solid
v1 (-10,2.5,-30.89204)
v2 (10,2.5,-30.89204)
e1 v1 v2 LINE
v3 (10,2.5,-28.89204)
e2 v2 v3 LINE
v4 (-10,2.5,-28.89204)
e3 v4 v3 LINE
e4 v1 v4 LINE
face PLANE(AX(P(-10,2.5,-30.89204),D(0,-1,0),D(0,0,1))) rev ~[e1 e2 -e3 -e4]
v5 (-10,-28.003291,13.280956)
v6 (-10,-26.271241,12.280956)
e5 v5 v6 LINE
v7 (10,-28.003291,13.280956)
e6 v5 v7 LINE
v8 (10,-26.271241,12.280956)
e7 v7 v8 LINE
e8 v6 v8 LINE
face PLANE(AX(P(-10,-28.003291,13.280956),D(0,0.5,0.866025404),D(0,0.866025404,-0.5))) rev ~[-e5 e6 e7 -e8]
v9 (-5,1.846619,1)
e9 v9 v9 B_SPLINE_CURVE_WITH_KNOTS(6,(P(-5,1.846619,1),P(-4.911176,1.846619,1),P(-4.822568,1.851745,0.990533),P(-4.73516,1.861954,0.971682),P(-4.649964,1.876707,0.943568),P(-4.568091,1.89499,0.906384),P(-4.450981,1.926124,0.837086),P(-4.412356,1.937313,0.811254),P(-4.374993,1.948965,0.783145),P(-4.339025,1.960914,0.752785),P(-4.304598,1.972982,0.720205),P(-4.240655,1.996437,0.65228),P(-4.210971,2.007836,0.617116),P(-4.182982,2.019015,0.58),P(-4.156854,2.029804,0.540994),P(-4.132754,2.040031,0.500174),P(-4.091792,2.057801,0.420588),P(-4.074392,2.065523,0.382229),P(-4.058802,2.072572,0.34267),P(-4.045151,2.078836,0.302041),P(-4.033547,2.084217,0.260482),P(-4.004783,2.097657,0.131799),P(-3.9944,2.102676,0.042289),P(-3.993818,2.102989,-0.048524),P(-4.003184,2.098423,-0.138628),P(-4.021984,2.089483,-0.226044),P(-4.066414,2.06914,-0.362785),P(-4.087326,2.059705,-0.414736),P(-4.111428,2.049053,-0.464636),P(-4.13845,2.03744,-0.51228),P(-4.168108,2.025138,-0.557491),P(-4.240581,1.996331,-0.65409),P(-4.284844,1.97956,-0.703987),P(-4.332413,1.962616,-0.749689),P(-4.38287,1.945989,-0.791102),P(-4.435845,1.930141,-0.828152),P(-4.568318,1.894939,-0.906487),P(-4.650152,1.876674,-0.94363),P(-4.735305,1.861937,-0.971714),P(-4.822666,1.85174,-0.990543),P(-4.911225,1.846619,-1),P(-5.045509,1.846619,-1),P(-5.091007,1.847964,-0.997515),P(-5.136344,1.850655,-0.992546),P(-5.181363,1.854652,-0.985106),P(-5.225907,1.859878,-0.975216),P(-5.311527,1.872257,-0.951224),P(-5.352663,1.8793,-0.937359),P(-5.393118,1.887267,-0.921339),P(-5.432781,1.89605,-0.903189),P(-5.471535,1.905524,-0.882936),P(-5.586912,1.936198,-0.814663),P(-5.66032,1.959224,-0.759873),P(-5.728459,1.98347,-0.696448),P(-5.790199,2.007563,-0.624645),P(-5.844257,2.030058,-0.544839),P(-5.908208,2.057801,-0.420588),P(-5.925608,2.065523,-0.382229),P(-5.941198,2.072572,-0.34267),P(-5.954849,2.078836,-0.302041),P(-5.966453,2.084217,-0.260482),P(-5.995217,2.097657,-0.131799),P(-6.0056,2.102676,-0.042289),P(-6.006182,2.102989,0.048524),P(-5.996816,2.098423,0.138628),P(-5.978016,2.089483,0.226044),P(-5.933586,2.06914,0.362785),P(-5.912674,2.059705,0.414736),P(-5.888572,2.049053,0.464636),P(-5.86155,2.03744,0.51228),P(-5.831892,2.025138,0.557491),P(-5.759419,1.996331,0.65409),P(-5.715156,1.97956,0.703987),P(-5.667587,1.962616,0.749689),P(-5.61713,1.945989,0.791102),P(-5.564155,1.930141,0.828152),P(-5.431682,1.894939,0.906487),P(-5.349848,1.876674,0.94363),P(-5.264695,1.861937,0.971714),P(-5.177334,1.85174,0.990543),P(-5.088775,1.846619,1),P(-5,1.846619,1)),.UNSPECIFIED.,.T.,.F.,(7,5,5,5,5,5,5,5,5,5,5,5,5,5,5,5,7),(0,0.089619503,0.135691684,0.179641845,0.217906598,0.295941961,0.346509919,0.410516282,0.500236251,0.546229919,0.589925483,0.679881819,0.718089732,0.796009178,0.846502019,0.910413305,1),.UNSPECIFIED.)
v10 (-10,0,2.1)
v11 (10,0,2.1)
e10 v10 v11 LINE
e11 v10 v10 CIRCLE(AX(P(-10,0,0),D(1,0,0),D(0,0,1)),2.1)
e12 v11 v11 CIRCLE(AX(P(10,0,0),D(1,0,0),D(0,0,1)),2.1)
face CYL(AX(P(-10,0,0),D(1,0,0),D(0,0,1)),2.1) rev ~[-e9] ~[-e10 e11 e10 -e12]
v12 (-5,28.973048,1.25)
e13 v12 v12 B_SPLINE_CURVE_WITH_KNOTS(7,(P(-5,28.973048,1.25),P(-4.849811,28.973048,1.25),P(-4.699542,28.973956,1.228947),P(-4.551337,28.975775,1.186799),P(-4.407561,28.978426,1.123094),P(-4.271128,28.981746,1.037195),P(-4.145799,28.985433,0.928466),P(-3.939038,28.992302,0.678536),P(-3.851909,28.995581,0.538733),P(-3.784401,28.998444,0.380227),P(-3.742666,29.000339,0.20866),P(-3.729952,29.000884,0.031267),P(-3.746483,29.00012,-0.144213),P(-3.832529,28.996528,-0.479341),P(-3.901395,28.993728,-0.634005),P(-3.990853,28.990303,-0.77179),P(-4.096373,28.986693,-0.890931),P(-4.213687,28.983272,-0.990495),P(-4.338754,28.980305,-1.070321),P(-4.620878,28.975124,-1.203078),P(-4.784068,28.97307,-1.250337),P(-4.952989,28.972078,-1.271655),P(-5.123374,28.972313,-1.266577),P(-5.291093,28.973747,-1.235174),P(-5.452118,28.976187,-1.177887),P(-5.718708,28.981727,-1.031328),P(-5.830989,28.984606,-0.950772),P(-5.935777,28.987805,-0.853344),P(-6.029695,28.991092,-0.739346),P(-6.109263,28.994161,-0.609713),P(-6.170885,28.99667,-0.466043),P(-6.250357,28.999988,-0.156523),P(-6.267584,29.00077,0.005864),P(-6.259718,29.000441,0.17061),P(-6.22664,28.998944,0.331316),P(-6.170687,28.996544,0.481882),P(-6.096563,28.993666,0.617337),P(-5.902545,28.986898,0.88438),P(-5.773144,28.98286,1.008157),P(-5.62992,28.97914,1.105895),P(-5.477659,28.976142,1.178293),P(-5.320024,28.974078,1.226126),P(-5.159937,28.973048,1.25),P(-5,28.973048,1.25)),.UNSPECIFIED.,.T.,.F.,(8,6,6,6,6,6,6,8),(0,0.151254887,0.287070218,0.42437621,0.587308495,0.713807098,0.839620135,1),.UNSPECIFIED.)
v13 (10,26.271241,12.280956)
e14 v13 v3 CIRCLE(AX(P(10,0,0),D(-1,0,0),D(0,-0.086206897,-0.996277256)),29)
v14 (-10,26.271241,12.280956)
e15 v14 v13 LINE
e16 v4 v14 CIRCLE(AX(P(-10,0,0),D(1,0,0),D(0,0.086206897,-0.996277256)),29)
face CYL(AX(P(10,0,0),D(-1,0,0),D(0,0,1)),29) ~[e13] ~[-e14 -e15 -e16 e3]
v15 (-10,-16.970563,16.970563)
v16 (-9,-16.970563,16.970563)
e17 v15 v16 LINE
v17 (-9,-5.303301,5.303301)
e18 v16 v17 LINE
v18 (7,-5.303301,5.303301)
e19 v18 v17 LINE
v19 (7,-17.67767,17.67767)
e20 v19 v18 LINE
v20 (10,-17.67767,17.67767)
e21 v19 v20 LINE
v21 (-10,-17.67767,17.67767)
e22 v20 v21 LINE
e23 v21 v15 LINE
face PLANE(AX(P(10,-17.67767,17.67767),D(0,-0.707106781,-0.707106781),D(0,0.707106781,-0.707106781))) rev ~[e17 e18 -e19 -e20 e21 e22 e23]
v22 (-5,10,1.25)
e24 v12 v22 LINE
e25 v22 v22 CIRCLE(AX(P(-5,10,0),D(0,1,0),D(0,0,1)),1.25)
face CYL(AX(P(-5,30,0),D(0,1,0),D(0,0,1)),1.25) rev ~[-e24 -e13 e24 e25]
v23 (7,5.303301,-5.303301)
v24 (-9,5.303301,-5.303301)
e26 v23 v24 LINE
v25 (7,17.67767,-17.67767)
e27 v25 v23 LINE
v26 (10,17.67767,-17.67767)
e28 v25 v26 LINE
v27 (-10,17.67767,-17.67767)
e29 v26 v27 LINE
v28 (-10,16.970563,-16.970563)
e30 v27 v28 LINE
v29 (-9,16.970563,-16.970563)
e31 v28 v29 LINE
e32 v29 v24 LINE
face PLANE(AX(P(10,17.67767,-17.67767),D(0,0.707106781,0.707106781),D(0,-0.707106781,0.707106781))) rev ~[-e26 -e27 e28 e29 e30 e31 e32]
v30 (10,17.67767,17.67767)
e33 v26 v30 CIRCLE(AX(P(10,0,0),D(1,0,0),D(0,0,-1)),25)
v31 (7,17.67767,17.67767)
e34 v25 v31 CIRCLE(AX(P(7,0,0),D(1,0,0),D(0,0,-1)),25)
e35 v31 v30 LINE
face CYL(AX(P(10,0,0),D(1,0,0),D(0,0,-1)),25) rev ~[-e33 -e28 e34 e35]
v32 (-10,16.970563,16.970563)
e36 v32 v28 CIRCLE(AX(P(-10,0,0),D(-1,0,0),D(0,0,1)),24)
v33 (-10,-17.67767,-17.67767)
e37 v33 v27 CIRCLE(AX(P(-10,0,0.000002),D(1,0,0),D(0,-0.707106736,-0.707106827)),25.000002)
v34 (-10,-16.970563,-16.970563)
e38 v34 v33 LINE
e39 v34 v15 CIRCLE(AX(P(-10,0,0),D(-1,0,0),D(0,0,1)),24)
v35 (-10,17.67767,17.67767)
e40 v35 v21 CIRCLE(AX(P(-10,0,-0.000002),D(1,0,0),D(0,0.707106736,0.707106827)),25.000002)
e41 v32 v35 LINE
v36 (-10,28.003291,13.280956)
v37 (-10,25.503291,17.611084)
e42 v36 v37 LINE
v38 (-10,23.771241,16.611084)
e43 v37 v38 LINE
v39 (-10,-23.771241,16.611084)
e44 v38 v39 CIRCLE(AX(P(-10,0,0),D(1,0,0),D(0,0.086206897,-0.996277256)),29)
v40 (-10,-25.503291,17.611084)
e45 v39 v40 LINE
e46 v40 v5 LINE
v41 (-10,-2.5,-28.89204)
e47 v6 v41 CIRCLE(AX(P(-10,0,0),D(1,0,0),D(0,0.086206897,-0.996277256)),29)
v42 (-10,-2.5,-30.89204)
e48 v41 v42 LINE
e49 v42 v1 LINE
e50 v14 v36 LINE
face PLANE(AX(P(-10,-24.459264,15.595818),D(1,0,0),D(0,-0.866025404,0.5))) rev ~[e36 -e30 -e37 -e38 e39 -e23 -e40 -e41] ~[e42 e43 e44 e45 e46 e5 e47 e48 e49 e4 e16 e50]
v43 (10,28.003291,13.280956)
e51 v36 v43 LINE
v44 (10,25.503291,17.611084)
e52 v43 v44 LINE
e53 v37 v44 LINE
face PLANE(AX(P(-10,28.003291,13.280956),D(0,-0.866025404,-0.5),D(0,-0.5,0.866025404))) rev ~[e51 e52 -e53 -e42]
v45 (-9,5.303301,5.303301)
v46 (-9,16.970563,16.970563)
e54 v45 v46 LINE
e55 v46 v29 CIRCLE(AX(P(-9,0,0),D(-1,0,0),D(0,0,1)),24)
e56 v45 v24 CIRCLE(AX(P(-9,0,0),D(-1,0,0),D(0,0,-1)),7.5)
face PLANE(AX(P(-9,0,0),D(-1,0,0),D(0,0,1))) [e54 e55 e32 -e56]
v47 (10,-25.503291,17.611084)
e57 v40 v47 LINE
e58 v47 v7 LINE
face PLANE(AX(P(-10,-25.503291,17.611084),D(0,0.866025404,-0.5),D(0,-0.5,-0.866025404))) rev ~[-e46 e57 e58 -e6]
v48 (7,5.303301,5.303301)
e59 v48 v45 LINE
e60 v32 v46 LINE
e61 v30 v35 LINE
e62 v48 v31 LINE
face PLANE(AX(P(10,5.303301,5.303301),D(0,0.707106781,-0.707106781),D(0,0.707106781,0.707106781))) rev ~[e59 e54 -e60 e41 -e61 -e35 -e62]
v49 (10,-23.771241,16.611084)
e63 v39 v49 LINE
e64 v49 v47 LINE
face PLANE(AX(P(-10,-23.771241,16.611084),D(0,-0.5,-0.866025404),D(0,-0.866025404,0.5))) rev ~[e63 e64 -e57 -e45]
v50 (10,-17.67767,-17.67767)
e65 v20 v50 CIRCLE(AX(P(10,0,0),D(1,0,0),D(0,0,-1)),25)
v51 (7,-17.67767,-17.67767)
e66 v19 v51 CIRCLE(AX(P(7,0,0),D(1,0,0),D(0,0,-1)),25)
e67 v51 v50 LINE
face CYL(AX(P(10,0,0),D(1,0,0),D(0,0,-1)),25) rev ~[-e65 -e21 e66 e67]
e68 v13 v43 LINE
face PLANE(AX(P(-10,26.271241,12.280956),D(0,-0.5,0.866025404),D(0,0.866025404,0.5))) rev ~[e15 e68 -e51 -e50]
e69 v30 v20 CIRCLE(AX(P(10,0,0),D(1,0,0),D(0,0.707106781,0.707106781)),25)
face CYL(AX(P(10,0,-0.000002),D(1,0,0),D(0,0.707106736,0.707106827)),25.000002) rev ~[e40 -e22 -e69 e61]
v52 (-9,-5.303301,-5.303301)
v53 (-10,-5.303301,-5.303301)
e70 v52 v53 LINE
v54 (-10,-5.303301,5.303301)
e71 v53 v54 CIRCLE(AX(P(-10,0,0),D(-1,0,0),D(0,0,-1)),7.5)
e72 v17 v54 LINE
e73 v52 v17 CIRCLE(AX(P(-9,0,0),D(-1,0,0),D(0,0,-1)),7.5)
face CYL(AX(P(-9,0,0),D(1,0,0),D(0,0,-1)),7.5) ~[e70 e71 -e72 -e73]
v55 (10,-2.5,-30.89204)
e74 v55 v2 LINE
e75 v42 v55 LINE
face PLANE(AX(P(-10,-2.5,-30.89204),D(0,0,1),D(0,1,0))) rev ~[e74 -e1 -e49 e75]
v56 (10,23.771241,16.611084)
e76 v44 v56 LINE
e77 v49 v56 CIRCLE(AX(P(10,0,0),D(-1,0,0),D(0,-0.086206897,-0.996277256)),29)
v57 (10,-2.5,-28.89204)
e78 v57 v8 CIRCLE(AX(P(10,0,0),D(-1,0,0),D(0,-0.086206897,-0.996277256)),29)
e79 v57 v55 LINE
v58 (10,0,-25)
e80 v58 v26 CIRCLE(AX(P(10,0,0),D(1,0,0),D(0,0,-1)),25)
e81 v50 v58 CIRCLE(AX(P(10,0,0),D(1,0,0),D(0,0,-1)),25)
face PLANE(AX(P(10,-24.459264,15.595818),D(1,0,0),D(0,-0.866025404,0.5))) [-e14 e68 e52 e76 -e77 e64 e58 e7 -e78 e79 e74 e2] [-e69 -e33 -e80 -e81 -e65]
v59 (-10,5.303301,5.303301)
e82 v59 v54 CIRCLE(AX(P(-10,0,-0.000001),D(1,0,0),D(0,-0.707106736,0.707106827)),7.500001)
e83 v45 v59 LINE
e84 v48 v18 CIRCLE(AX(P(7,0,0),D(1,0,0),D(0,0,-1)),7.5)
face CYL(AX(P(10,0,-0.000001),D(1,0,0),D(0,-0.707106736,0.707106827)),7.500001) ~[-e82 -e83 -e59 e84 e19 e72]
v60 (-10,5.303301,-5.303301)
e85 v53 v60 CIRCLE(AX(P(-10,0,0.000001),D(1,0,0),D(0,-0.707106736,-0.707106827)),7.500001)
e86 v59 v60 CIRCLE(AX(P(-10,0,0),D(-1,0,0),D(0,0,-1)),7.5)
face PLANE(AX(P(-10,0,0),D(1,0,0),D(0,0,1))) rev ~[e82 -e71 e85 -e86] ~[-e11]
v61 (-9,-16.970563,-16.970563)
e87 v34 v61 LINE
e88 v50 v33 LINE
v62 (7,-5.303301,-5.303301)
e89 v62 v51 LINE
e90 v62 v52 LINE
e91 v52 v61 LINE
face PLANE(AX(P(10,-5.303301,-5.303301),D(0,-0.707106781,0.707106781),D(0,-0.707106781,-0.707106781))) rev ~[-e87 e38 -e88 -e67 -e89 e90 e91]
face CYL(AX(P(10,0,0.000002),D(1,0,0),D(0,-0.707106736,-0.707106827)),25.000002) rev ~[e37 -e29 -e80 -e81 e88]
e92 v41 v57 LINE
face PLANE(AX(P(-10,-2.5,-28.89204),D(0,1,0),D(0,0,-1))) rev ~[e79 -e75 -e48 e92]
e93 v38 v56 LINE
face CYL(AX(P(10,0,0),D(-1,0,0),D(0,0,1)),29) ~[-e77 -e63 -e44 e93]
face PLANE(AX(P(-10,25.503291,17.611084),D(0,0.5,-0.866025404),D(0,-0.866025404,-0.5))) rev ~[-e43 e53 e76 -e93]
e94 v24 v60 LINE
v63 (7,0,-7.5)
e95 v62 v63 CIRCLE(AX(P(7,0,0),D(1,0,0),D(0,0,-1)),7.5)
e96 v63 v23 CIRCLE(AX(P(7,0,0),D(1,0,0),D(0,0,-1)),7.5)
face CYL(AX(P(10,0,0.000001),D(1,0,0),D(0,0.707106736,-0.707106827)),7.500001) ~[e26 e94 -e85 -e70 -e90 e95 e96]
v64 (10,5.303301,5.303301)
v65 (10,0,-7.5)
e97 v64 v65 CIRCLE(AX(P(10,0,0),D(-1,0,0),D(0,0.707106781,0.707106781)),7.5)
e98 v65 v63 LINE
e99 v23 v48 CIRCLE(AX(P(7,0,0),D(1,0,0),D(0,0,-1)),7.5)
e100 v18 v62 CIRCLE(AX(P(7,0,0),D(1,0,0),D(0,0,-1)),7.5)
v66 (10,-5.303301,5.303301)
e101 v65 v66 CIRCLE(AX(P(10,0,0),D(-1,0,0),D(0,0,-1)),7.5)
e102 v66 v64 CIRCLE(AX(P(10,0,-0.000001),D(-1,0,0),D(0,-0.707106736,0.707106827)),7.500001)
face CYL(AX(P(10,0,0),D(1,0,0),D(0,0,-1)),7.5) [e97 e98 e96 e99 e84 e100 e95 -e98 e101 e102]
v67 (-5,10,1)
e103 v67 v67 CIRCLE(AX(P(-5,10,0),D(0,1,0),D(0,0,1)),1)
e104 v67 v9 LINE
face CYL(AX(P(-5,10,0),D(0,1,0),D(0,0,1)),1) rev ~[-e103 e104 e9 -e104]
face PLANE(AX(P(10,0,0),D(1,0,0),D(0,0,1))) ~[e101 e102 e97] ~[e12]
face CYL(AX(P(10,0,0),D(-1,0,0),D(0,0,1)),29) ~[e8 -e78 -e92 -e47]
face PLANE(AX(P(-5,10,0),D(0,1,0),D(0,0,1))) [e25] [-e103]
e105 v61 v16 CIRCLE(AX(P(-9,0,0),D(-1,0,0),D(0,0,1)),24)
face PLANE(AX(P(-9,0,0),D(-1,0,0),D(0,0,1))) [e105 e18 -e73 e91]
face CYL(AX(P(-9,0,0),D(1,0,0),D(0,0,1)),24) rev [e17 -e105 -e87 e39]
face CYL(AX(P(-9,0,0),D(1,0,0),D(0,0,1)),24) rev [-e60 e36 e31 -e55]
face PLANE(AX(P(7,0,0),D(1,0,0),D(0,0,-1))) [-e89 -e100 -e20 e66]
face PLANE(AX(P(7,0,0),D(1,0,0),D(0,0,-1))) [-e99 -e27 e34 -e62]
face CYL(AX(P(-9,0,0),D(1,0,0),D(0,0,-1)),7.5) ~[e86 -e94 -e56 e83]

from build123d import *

# Parameters (mm, degrees)
CROQUIS2_R              = 25
CROQUIS2_R_2            = 7.5
CORTAR_EXTRUIR1_DEPTH   = 3
CORTAR_EXTRUIR3_DEPTH   = 73
CROQUIS4_R              = 1.25
CORTAR_EXTRUIR4_DEPTH   = 20
CROQUIS5_R              = 1
CORTAR_EXTRUIR5_DEPTH   = 10
CORTAR_EXTRUIR6_START   = -1
CROQUIS6_R              = 24
CROQUIS6_R_2            = 7.5
CORTAR_EXTRUIR6_DEPTH   = 1
SALIENTE_EXTRUIR1_START = -20
SALIENTE_EXTRUIR1_DEPTH = 20
MATRIZC1_COUNT          = 3


with BuildPart() as part:
    # Croquis1 → Revolución1 (revolve)
    with BuildSketch(Plane.XY, mode=Mode.PRIVATE) as revoluci_n1_sk:
        Polygon((-10, 29), (-10, 2.1), (0, 2.1), (10, 2.1), (10, 29), align=None)
    revolve(revoluci_n1_sk.sketch.rotate(Axis((0, 0, 0), (1, 0, 0)), 90), axis=Axis((0, 0, 0), (1, 0, 0)))

    # Croquis2 → Cortar-Extruir1 (cut)
    with BuildSketch(Plane(origin=(10, 0, 0), x_dir=(0, 0, -1), z_dir=(1, 0, 0))):
        Circle(CROQUIS2_R)
        Circle(CROQUIS2_R_2, mode=Mode.SUBTRACT)
    extrude(amount=-CORTAR_EXTRUIR1_DEPTH, mode=Mode.SUBTRACT)

    # Croquis3 → Cortar-Extruir3 (cut)
    with BuildSketch(Plane(origin=(10, 0, 0), x_dir=(0, 0, -1), z_dir=(1, 0, 0))):
        with BuildLine():
            ThreePointArc((-5.303301, -5.303301), (-7.5, 0), (-5.303301, 5.303301))
            Line((-5.303301, 5.303301), (-17.67767, 17.67767))
            ThreePointArc((-17.67767, 17.67767), (-25, 0), (-17.67767, -17.67767))
            Line((-17.67767, -17.67767), (-5.303301, -5.303301))
        make_face()
        with BuildLine():
            ThreePointArc((17.67767, -17.67767), (25, 0), (17.67767, 17.67767))
            Line((17.67767, 17.67767), (5.303301, 5.303301))
            ThreePointArc((5.303301, 5.303301), (7.5, 0), (5.303301, -5.303301))
            Line((5.303301, -5.303301), (17.67767, -17.67767))
        make_face()
    extrude(amount=-CORTAR_EXTRUIR3_DEPTH, mode=Mode.SUBTRACT)

    # Croquis4 → Cortar-Extruir4 (cut)
    with BuildSketch(Plane(origin=(0, 30, 0), x_dir=(1, 0, 0), z_dir=(0, 1, 0))):
        with Locations(Location((-5, 0, 0), (0, 0, 270))):
            Circle(CROQUIS4_R)
    extrude(amount=-CORTAR_EXTRUIR4_DEPTH, mode=Mode.SUBTRACT)

    # Croquis5 → Cortar-Extruir5 (cut)
    with BuildSketch(Plane(origin=(0, 10, 0), x_dir=(1, 0, 0), z_dir=(0, 1, 0))):
        with Locations(Location((-5, 0, 0), (0, 0, 270))):
            Circle(CROQUIS5_R)
    extrude(amount=-CORTAR_EXTRUIR5_DEPTH, mode=Mode.SUBTRACT)

    # Croquis6 → Cortar-Extruir6 (cut)
    with BuildSketch(Plane.ZY.offset(10).offset(CORTAR_EXTRUIR6_START)):
        Circle(CROQUIS6_R)
        with Locations(Location((0, 0, 0), (0, 0, 180))):
            Circle(CROQUIS6_R_2, mode=Mode.SUBTRACT)
    extrude(amount=CORTAR_EXTRUIR6_DEPTH, mode=Mode.SUBTRACT)

    # Croquis7 → Saliente-Extruir1 (add)
    with BuildSketch(Plane(origin=(10, 0, 0), x_dir=(0, 0, -1), z_dir=(1, 0, 0)).offset(SALIENTE_EXTRUIR1_START)):
        with BuildLine():
            Line((29, -2.5), (29, 0))
            ThreePointArc((29, 0), (28.972998, -1.251165), (28.89204, -2.5))
            Line((28.89204, -2.5), (29, -2.5))
        make_face()
        Polygon((30.89204, 2.5), (29, 2.5), (29, 0), (29, -2.5), (30.89204, -2.5), align=None)
        with BuildLine():
            Line((29, 0), (29, 2.5))
            Line((29, 2.5), (28.89204, 2.5))
            ThreePointArc((28.89204, 2.5), (28.972998, 1.251165), (29, 0))
        make_face()
    saliente_extruir1 = extrude(amount=SALIENTE_EXTRUIR1_DEPTH)

    # MatrizC1: Saliente-Extruir1 ×3 about axis
    matrizc1_axis = Axis((0, 0, 0), (1, 0, 0))
    for i in range(1, MATRIZC1_COUNT):
        add(saliente_extruir1.rotate(matrizc1_axis, i * 360 / MATRIZC1_COUNT))


solid = part.part
